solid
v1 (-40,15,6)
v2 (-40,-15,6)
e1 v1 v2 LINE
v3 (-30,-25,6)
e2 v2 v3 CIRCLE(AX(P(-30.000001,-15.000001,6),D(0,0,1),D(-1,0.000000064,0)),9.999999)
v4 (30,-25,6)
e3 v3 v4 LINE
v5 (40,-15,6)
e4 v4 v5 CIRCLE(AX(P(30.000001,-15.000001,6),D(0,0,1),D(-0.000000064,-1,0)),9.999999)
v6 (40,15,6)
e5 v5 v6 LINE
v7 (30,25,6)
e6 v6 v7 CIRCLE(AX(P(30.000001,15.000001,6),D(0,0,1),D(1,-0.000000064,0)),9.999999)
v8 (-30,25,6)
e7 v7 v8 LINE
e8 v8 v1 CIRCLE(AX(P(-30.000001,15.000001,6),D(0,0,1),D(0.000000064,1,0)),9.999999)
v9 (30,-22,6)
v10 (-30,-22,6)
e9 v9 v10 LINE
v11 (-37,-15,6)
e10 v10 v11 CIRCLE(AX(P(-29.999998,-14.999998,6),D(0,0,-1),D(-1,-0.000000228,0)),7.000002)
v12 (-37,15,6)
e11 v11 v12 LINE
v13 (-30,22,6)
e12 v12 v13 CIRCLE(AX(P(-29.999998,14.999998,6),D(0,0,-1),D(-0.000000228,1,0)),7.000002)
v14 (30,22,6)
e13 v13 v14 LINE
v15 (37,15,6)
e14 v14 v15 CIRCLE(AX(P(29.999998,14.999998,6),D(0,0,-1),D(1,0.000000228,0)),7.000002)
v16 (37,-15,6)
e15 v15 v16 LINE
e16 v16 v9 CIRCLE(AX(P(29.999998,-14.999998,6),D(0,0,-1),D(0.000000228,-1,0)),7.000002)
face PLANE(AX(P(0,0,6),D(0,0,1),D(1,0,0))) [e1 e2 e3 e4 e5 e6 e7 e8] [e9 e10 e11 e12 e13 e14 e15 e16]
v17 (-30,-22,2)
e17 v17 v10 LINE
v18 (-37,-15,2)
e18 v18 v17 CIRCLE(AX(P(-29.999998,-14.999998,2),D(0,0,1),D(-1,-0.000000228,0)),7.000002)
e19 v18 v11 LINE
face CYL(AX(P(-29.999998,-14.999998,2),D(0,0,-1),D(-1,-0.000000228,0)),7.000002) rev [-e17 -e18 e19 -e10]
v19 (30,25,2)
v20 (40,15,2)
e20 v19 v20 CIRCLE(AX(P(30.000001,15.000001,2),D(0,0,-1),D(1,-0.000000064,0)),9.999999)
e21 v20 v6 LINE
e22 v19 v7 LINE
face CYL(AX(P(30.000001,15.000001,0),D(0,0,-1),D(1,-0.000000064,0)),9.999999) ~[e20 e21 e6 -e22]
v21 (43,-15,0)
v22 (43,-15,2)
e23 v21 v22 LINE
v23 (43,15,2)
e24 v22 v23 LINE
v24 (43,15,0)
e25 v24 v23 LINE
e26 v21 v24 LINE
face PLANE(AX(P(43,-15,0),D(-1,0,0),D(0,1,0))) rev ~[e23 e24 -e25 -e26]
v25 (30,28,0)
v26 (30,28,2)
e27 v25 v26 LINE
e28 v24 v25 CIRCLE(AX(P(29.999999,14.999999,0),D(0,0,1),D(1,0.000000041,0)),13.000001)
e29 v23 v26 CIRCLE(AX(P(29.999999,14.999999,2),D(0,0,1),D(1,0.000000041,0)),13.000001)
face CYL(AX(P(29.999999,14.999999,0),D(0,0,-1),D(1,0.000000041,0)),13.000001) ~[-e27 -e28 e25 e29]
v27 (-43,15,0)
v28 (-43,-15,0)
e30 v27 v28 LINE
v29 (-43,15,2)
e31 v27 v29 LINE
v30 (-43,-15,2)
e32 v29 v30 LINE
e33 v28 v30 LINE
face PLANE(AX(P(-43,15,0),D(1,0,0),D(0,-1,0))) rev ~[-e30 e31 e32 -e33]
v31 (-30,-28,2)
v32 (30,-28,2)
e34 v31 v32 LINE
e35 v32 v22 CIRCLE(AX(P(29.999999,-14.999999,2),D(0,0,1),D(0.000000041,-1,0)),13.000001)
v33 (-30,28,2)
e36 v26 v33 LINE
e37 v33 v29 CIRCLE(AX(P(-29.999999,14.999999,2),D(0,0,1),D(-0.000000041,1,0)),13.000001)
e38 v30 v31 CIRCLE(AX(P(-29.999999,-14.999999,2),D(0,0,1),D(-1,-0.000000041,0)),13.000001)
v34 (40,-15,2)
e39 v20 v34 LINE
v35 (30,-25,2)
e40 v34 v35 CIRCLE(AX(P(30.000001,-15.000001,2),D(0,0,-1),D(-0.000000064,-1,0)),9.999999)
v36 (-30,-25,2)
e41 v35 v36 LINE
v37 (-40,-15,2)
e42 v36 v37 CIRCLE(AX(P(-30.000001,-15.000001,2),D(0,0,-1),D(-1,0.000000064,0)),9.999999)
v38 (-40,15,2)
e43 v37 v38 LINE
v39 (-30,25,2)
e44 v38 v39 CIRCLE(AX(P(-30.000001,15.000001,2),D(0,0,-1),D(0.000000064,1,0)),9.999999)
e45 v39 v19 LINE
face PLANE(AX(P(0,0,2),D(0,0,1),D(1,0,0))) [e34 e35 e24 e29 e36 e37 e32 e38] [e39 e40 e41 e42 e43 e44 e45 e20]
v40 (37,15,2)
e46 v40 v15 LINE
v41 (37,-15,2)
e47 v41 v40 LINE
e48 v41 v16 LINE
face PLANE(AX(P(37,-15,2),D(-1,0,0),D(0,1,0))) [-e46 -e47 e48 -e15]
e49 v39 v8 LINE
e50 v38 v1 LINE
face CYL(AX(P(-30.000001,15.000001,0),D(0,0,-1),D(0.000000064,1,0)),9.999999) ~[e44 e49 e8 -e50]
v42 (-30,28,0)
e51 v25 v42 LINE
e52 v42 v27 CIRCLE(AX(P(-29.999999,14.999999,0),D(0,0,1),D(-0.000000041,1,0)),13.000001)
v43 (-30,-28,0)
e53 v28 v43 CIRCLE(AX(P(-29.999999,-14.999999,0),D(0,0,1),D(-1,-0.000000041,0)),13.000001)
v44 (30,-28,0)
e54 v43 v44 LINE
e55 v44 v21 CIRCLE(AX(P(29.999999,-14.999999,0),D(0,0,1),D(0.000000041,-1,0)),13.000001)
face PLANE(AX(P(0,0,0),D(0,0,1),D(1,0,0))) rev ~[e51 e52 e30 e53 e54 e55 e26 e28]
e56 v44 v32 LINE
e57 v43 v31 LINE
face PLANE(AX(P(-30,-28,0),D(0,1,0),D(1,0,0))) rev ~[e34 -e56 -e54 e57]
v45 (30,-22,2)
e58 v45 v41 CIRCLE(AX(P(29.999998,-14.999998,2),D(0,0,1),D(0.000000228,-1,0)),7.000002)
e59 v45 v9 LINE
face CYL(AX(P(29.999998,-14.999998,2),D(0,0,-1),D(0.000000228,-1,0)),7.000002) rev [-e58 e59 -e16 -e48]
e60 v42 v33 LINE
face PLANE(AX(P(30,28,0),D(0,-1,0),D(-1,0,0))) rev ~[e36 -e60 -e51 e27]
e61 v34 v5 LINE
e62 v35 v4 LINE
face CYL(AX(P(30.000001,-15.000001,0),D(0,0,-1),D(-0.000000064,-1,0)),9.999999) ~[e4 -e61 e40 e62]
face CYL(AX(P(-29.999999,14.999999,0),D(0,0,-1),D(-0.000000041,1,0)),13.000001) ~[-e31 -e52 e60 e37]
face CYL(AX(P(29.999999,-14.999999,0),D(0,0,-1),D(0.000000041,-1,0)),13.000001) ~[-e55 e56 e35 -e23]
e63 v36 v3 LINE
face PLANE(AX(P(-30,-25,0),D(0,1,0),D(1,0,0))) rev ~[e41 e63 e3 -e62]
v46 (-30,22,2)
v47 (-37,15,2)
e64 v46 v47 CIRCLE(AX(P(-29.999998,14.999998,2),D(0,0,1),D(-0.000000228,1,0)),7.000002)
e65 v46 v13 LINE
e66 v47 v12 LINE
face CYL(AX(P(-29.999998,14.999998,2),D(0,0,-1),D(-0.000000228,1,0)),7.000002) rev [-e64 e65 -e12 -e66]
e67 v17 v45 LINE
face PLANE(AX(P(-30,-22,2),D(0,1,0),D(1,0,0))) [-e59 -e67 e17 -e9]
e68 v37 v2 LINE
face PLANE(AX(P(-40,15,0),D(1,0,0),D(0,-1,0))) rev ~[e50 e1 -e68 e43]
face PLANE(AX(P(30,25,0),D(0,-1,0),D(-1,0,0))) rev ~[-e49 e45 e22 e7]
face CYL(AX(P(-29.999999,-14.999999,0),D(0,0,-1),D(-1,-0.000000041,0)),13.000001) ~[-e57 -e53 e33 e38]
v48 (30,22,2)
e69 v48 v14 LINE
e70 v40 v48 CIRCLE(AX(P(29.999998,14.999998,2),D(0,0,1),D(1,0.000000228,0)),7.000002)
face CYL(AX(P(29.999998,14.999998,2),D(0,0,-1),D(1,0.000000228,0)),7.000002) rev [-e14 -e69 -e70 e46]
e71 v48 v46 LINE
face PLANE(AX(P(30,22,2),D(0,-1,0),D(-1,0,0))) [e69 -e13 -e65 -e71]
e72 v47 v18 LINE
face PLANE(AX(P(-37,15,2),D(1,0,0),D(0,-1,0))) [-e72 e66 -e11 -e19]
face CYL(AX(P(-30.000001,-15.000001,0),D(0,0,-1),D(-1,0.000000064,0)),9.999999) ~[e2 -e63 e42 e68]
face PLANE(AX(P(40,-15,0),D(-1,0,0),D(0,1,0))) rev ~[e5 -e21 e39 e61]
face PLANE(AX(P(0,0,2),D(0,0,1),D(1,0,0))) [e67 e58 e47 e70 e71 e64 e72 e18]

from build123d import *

# Parameters (mm, degrees)
PAD_DEPTH    = 2
PAD001_DEPTH = 6
POCKET_DEPTH = 5


with BuildPart() as part:
    # Sketch001 → Pad (new body)
    with BuildSketch(Plane.XY):
        with BuildLine():
            Line((-43, 15), (-43, -15))
            ThreePointArc((-43, -15), (-39.192388, -24.192388), (-30, -28))
            Line((-30, -28), (30, -28))
            ThreePointArc((30, -28), (39.192388, -24.192388), (43, -15))
            Line((43, -15), (43, 15))
            ThreePointArc((43, 15), (39.192388, 24.192388), (30, 28))
            Line((30, 28), (-30, 28))
            ThreePointArc((-30, 28), (-39.192388, 24.192388), (-43, 15))
        make_face()
    extrude(amount=PAD_DEPTH)

    # Sketch004 → Pad001 (join)
    with BuildSketch(Plane.XY):
        with BuildLine():
            Line((-40, 15), (-40, -15))
            ThreePointArc((-40, -15), (-37.071068, -22.071068), (-30, -25))
            Line((-30, -25), (30, -25))
            ThreePointArc((30, -25), (37.071068, -22.071068), (40, -15))
            Line((40, -15), (40, 15))
            ThreePointArc((40, 15), (37.071068, 22.071068), (30, 25))
            Line((30, 25), (-30, 25))
            ThreePointArc((-30, 25), (-37.071068, 22.071068), (-40, 15))
        make_face()
    extrude(amount=PAD001_DEPTH)

    # Sketch005 → Pocket (cut)
    with BuildSketch(Plane.XY.offset(2)):
        with BuildLine():
            Line((-37, 15), (-37, -15))
            ThreePointArc((-37, -15), (-34.949747, -19.949747), (-30, -22))
            Line((-30, -22), (30, -22))
            ThreePointArc((30, -22), (34.949747, -19.949747), (37, -15))
            Line((37, -15), (37, 15))
            ThreePointArc((37, 15), (34.949747, 19.949747), (30, 22))
            Line((30, 22), (-30, 22))
            ThreePointArc((-30, 22), (-34.949747, 19.949747), (-37, 15))
        make_face()
    extrude(amount=POCKET_DEPTH, mode=Mode.SUBTRACT)


solid = part.part
